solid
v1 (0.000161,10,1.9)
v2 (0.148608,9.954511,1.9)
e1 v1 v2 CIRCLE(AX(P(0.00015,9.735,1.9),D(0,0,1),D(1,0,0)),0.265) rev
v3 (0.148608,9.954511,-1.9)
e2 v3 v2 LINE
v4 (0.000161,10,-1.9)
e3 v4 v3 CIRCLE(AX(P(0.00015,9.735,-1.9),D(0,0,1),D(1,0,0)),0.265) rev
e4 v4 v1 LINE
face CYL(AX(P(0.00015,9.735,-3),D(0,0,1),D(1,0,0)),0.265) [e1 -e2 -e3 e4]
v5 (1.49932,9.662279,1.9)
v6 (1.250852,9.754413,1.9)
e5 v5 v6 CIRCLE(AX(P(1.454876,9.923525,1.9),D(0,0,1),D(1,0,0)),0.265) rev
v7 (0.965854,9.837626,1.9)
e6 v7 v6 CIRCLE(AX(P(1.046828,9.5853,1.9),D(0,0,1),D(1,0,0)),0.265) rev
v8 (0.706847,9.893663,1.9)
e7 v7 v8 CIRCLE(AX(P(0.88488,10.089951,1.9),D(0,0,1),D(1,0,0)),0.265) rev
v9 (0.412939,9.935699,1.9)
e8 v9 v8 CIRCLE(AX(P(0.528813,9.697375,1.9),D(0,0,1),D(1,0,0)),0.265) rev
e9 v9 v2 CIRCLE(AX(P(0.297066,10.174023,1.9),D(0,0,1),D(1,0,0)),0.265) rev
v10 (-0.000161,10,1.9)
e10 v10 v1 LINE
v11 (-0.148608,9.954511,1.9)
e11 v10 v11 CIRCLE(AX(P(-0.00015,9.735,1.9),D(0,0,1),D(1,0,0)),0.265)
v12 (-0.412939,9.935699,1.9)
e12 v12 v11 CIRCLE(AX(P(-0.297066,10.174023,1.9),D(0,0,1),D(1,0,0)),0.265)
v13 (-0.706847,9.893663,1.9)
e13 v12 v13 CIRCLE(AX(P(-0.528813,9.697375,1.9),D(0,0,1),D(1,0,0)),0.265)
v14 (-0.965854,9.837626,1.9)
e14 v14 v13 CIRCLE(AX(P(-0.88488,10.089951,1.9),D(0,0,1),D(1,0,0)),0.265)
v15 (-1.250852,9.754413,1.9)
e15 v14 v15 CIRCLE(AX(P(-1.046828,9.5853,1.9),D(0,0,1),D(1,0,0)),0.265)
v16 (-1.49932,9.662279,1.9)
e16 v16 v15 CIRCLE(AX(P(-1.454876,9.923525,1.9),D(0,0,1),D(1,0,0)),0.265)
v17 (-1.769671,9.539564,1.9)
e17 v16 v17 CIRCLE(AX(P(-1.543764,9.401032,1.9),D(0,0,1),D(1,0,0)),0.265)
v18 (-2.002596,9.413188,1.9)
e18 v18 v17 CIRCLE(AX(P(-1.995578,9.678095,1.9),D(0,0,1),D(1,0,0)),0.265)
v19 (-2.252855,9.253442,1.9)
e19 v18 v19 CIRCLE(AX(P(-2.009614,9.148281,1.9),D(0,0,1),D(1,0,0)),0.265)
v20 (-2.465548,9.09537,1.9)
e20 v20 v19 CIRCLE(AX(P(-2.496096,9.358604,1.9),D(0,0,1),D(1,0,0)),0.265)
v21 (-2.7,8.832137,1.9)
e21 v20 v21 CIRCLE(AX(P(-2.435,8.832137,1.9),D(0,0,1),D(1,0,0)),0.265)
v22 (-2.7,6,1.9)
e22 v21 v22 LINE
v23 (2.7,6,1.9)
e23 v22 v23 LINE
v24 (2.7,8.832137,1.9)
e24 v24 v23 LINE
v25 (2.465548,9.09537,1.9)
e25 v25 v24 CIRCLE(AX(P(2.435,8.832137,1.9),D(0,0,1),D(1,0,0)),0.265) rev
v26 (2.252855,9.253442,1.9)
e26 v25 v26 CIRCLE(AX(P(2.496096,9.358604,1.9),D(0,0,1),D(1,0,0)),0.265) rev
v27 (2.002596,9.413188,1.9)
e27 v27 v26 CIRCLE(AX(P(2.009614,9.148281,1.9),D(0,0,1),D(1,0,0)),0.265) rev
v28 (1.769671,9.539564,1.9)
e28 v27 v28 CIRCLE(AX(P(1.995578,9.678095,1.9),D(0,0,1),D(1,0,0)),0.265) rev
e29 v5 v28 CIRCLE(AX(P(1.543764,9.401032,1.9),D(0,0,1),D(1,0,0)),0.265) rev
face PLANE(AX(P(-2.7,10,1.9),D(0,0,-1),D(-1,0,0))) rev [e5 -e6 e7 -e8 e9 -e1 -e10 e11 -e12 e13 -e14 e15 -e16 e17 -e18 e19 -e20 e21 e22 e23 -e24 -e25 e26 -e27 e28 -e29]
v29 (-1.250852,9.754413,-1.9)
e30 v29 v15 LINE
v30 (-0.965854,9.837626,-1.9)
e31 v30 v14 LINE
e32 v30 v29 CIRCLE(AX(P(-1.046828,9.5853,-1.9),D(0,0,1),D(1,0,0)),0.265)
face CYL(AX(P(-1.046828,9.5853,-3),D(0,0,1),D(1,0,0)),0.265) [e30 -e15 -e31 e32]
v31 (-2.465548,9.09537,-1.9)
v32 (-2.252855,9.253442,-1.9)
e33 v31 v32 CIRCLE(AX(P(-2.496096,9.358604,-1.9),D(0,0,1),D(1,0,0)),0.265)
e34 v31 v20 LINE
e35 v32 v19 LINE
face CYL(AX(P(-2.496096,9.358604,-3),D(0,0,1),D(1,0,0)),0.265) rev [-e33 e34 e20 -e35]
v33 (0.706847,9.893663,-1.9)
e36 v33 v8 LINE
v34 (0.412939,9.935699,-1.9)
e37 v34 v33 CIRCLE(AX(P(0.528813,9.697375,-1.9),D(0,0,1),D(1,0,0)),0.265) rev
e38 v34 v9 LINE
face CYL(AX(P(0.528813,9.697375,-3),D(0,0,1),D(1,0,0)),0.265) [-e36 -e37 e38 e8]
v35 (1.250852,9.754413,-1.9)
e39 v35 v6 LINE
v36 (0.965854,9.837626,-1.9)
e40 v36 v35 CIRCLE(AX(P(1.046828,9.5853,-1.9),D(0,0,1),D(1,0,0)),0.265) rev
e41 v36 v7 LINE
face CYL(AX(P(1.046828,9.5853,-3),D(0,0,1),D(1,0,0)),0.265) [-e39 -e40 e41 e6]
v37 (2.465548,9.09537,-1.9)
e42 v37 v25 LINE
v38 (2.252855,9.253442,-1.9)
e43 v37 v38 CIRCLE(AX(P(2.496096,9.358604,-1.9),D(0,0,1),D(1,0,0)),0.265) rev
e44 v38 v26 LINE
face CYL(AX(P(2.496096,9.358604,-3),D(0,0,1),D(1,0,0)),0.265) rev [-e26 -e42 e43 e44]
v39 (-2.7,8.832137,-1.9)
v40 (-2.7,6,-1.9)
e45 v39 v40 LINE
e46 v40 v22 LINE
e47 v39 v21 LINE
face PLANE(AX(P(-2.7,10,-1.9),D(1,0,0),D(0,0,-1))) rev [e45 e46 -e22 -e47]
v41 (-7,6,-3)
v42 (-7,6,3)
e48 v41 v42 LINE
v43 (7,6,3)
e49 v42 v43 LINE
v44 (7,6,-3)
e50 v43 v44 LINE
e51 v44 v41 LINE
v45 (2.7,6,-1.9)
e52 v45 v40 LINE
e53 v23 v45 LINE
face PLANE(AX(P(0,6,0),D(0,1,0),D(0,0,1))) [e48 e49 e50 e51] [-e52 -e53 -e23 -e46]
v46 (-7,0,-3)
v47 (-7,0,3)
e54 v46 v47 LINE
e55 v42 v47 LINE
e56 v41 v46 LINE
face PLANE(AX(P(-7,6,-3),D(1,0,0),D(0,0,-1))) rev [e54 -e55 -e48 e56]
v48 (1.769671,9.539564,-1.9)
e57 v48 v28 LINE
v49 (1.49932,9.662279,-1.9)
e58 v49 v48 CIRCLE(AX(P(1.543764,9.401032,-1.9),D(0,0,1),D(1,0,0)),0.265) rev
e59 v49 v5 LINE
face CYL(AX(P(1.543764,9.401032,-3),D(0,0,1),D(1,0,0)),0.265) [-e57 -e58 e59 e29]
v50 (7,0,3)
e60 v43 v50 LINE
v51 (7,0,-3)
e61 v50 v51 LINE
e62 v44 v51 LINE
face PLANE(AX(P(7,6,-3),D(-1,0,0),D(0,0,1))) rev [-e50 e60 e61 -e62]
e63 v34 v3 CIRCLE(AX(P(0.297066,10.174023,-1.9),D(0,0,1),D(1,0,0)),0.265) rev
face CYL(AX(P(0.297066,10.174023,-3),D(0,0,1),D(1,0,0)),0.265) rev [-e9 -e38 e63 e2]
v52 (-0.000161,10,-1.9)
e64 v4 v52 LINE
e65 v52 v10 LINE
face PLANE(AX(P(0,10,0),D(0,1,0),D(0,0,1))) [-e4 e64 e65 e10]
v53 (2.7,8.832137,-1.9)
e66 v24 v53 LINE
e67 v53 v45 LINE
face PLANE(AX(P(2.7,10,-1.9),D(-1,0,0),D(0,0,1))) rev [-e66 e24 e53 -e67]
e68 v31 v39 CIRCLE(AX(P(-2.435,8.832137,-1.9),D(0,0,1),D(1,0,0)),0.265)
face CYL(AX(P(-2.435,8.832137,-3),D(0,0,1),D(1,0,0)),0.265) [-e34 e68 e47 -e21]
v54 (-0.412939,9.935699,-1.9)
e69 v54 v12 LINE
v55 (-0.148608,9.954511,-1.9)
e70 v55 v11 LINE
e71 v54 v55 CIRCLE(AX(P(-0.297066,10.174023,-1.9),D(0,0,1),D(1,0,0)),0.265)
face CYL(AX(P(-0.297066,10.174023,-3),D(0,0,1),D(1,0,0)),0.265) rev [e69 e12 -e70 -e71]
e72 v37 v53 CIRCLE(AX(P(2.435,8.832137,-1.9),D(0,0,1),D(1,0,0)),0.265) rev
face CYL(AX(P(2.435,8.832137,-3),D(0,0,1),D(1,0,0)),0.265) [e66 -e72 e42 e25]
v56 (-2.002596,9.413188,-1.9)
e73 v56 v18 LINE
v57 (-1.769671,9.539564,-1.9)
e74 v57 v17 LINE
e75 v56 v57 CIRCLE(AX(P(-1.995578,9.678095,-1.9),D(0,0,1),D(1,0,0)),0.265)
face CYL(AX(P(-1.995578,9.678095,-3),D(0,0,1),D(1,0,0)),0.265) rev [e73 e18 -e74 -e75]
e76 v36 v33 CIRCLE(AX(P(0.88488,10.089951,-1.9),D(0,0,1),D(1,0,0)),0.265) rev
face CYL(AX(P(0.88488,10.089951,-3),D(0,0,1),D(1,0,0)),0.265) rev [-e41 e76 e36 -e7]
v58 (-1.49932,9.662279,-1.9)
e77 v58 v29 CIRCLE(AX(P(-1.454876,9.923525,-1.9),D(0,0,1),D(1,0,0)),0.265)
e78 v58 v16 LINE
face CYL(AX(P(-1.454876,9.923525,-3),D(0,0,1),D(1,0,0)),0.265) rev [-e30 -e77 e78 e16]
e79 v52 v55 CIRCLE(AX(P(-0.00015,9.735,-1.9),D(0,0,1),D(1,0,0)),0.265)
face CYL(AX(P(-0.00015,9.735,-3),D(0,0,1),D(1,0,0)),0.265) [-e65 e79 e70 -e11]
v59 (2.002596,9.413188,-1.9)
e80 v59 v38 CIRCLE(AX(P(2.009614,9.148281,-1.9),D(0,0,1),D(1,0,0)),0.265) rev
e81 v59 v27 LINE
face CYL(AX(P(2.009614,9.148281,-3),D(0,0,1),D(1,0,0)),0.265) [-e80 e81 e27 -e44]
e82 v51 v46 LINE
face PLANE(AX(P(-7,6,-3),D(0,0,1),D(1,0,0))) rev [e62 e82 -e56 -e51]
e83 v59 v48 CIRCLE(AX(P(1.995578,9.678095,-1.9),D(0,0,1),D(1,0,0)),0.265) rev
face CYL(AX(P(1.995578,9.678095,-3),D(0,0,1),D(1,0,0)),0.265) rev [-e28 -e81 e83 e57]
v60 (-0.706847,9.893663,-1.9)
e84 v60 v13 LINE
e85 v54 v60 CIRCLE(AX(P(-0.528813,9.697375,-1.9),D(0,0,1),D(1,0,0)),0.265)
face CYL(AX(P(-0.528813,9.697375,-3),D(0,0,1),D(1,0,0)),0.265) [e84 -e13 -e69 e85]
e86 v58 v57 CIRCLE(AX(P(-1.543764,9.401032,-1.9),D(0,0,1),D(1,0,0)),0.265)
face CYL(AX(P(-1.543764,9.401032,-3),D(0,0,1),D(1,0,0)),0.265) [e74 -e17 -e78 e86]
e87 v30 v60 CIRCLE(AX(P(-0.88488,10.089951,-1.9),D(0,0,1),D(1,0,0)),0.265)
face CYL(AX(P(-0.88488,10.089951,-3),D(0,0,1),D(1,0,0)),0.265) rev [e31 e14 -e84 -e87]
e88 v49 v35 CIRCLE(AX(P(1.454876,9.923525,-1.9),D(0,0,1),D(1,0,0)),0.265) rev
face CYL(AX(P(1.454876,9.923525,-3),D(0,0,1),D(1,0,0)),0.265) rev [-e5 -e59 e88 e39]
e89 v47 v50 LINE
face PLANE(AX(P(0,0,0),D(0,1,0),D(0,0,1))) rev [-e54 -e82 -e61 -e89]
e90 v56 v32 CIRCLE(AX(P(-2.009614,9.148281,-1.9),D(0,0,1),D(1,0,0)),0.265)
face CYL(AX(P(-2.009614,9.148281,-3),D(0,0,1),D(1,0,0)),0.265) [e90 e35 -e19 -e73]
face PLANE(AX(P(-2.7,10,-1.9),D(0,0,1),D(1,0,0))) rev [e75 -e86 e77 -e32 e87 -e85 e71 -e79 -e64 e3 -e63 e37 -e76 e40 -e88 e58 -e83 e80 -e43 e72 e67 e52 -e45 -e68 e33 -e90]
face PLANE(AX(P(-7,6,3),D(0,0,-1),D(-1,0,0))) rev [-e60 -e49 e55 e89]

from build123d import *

# Parameters (mm, degrees)
SKETCH1_W           = 14
SKETCH1_H           = 6
BOSS_EXTRUDE1_DEPTH = 6
SKETCH2_W           = 5.4
SKETCH2_H           = 3.8
BOSS_EXTRUDE2_DEPTH = 4
CUT_EXTRUDE1_DEPTH  = 5.9


with BuildPart() as part:
    # Sketch1 → Boss-Extrude1 (new body)
    with BuildSketch(Plane(origin=(0, 0, 0), x_dir=(1, 0, 0), z_dir=(0, 1, 0))):
        Rectangle(SKETCH1_W, SKETCH1_H)
    extrude(amount=BOSS_EXTRUDE1_DEPTH)

    # Sketch2 → Boss-Extrude2 (add)
    with BuildSketch(Plane(origin=(0, 6, 0), x_dir=(1, 0, 0), z_dir=(0, 1, 0))):
        Rectangle(SKETCH2_W, SKETCH2_H)
    extrude(amount=BOSS_EXTRUDE2_DEPTH)

    # Sketch3 → Cut-Extrude1 (cut, through all)
    with BuildSketch(Plane.XY.offset(1.9)):
        with BuildLine():
            Line((-2.7, 10), (-2.7, 8.832137002))
            ThreePointArc((-2.7, 8.832137002), (-2.632889163, 9.008389319), (-2.465548082, 9.095370387))
            ThreePointArc((-2.465548082, 9.095370387), (-2.338024057, 9.145911014), (-2.252855325, 9.253442494))
            ThreePointArc((-2.252855325, 9.253442494), (-2.152197575, 9.371653244), (-2.002596083, 9.413188261))
            ThreePointArc((-2.002596083, 9.413188261), (-1.869202273, 9.445169874), (-1.769670652, 9.539563668))
            ThreePointArc((-1.769670652, 9.539563668), (-1.653294376, 9.642336847), (-1.499320058, 9.662278599))
            ThreePointArc((-1.499320058, 9.662278599), (-1.362742465, 9.67505722), (-1.250852111, 9.754412627))
            ThreePointArc((-1.250852111, 9.754412627), (-1.121100646, 9.839678807), (-0.96585391, 9.83762575))
            ThreePointArc((-0.96585391, 9.83762575), (-0.828842644, 9.83094407), (-0.706846566, 9.893663199))
            ThreePointArc((-0.706846566, 9.893663199), (-0.566332573, 9.959705471), (-0.412939448, 9.935698945))
            ThreePointArc((-0.412939448, 9.935698945), (-0.27825335, 9.909691506), (-0.148608047, 9.954511452))
            ThreePointArc((-0.148608047, 9.954511452), (-0.077790585, 9.98837122), (-0.000160897, 9.999999997))
            Line((-0.000160897, 10), (-2.7, 10))
        make_face()
        with BuildLine():
            Line((2.7, 10), (0.000160897, 10))
            ThreePointArc((0.000160897, 9.999999997), (0.077790585, 9.98837122), (0.148608047, 9.954511452))
            ThreePointArc((0.148608047, 9.954511452), (0.27825335, 9.909691506), (0.412939448, 9.935698945))
            ThreePointArc((0.412939448, 9.935698945), (0.566332573, 9.959705471), (0.706846566, 9.893663199))
            ThreePointArc((0.706846566, 9.893663199), (0.828842644, 9.83094407), (0.96585391, 9.83762575))
            ThreePointArc((0.96585391, 9.83762575), (1.121100646, 9.839678807), (1.250852111, 9.754412627))
            ThreePointArc((1.250852111, 9.754412627), (1.362742465, 9.67505722), (1.499320058, 9.662278599))
            ThreePointArc((1.499320058, 9.662278599), (1.653294376, 9.642336847), (1.769670652, 9.539563668))
            ThreePointArc((1.769670652, 9.539563668), (1.869202273, 9.445169874), (2.002596083, 9.413188261))
            ThreePointArc((2.002596083, 9.413188261), (2.152197575, 9.371653244), (2.252855325, 9.253442494))
            ThreePointArc((2.252855325, 9.253442494), (2.338024057, 9.145911014), (2.465548082, 9.095370387))
            ThreePointArc((2.465548082, 9.095370387), (2.632889163, 9.008389319), (2.7, 8.832137002))
            Line((2.7, 8.832137002), (2.7, 10))
        make_face()
    extrude(amount=-CUT_EXTRUDE1_DEPTH, mode=Mode.SUBTRACT)


solid = part.part
